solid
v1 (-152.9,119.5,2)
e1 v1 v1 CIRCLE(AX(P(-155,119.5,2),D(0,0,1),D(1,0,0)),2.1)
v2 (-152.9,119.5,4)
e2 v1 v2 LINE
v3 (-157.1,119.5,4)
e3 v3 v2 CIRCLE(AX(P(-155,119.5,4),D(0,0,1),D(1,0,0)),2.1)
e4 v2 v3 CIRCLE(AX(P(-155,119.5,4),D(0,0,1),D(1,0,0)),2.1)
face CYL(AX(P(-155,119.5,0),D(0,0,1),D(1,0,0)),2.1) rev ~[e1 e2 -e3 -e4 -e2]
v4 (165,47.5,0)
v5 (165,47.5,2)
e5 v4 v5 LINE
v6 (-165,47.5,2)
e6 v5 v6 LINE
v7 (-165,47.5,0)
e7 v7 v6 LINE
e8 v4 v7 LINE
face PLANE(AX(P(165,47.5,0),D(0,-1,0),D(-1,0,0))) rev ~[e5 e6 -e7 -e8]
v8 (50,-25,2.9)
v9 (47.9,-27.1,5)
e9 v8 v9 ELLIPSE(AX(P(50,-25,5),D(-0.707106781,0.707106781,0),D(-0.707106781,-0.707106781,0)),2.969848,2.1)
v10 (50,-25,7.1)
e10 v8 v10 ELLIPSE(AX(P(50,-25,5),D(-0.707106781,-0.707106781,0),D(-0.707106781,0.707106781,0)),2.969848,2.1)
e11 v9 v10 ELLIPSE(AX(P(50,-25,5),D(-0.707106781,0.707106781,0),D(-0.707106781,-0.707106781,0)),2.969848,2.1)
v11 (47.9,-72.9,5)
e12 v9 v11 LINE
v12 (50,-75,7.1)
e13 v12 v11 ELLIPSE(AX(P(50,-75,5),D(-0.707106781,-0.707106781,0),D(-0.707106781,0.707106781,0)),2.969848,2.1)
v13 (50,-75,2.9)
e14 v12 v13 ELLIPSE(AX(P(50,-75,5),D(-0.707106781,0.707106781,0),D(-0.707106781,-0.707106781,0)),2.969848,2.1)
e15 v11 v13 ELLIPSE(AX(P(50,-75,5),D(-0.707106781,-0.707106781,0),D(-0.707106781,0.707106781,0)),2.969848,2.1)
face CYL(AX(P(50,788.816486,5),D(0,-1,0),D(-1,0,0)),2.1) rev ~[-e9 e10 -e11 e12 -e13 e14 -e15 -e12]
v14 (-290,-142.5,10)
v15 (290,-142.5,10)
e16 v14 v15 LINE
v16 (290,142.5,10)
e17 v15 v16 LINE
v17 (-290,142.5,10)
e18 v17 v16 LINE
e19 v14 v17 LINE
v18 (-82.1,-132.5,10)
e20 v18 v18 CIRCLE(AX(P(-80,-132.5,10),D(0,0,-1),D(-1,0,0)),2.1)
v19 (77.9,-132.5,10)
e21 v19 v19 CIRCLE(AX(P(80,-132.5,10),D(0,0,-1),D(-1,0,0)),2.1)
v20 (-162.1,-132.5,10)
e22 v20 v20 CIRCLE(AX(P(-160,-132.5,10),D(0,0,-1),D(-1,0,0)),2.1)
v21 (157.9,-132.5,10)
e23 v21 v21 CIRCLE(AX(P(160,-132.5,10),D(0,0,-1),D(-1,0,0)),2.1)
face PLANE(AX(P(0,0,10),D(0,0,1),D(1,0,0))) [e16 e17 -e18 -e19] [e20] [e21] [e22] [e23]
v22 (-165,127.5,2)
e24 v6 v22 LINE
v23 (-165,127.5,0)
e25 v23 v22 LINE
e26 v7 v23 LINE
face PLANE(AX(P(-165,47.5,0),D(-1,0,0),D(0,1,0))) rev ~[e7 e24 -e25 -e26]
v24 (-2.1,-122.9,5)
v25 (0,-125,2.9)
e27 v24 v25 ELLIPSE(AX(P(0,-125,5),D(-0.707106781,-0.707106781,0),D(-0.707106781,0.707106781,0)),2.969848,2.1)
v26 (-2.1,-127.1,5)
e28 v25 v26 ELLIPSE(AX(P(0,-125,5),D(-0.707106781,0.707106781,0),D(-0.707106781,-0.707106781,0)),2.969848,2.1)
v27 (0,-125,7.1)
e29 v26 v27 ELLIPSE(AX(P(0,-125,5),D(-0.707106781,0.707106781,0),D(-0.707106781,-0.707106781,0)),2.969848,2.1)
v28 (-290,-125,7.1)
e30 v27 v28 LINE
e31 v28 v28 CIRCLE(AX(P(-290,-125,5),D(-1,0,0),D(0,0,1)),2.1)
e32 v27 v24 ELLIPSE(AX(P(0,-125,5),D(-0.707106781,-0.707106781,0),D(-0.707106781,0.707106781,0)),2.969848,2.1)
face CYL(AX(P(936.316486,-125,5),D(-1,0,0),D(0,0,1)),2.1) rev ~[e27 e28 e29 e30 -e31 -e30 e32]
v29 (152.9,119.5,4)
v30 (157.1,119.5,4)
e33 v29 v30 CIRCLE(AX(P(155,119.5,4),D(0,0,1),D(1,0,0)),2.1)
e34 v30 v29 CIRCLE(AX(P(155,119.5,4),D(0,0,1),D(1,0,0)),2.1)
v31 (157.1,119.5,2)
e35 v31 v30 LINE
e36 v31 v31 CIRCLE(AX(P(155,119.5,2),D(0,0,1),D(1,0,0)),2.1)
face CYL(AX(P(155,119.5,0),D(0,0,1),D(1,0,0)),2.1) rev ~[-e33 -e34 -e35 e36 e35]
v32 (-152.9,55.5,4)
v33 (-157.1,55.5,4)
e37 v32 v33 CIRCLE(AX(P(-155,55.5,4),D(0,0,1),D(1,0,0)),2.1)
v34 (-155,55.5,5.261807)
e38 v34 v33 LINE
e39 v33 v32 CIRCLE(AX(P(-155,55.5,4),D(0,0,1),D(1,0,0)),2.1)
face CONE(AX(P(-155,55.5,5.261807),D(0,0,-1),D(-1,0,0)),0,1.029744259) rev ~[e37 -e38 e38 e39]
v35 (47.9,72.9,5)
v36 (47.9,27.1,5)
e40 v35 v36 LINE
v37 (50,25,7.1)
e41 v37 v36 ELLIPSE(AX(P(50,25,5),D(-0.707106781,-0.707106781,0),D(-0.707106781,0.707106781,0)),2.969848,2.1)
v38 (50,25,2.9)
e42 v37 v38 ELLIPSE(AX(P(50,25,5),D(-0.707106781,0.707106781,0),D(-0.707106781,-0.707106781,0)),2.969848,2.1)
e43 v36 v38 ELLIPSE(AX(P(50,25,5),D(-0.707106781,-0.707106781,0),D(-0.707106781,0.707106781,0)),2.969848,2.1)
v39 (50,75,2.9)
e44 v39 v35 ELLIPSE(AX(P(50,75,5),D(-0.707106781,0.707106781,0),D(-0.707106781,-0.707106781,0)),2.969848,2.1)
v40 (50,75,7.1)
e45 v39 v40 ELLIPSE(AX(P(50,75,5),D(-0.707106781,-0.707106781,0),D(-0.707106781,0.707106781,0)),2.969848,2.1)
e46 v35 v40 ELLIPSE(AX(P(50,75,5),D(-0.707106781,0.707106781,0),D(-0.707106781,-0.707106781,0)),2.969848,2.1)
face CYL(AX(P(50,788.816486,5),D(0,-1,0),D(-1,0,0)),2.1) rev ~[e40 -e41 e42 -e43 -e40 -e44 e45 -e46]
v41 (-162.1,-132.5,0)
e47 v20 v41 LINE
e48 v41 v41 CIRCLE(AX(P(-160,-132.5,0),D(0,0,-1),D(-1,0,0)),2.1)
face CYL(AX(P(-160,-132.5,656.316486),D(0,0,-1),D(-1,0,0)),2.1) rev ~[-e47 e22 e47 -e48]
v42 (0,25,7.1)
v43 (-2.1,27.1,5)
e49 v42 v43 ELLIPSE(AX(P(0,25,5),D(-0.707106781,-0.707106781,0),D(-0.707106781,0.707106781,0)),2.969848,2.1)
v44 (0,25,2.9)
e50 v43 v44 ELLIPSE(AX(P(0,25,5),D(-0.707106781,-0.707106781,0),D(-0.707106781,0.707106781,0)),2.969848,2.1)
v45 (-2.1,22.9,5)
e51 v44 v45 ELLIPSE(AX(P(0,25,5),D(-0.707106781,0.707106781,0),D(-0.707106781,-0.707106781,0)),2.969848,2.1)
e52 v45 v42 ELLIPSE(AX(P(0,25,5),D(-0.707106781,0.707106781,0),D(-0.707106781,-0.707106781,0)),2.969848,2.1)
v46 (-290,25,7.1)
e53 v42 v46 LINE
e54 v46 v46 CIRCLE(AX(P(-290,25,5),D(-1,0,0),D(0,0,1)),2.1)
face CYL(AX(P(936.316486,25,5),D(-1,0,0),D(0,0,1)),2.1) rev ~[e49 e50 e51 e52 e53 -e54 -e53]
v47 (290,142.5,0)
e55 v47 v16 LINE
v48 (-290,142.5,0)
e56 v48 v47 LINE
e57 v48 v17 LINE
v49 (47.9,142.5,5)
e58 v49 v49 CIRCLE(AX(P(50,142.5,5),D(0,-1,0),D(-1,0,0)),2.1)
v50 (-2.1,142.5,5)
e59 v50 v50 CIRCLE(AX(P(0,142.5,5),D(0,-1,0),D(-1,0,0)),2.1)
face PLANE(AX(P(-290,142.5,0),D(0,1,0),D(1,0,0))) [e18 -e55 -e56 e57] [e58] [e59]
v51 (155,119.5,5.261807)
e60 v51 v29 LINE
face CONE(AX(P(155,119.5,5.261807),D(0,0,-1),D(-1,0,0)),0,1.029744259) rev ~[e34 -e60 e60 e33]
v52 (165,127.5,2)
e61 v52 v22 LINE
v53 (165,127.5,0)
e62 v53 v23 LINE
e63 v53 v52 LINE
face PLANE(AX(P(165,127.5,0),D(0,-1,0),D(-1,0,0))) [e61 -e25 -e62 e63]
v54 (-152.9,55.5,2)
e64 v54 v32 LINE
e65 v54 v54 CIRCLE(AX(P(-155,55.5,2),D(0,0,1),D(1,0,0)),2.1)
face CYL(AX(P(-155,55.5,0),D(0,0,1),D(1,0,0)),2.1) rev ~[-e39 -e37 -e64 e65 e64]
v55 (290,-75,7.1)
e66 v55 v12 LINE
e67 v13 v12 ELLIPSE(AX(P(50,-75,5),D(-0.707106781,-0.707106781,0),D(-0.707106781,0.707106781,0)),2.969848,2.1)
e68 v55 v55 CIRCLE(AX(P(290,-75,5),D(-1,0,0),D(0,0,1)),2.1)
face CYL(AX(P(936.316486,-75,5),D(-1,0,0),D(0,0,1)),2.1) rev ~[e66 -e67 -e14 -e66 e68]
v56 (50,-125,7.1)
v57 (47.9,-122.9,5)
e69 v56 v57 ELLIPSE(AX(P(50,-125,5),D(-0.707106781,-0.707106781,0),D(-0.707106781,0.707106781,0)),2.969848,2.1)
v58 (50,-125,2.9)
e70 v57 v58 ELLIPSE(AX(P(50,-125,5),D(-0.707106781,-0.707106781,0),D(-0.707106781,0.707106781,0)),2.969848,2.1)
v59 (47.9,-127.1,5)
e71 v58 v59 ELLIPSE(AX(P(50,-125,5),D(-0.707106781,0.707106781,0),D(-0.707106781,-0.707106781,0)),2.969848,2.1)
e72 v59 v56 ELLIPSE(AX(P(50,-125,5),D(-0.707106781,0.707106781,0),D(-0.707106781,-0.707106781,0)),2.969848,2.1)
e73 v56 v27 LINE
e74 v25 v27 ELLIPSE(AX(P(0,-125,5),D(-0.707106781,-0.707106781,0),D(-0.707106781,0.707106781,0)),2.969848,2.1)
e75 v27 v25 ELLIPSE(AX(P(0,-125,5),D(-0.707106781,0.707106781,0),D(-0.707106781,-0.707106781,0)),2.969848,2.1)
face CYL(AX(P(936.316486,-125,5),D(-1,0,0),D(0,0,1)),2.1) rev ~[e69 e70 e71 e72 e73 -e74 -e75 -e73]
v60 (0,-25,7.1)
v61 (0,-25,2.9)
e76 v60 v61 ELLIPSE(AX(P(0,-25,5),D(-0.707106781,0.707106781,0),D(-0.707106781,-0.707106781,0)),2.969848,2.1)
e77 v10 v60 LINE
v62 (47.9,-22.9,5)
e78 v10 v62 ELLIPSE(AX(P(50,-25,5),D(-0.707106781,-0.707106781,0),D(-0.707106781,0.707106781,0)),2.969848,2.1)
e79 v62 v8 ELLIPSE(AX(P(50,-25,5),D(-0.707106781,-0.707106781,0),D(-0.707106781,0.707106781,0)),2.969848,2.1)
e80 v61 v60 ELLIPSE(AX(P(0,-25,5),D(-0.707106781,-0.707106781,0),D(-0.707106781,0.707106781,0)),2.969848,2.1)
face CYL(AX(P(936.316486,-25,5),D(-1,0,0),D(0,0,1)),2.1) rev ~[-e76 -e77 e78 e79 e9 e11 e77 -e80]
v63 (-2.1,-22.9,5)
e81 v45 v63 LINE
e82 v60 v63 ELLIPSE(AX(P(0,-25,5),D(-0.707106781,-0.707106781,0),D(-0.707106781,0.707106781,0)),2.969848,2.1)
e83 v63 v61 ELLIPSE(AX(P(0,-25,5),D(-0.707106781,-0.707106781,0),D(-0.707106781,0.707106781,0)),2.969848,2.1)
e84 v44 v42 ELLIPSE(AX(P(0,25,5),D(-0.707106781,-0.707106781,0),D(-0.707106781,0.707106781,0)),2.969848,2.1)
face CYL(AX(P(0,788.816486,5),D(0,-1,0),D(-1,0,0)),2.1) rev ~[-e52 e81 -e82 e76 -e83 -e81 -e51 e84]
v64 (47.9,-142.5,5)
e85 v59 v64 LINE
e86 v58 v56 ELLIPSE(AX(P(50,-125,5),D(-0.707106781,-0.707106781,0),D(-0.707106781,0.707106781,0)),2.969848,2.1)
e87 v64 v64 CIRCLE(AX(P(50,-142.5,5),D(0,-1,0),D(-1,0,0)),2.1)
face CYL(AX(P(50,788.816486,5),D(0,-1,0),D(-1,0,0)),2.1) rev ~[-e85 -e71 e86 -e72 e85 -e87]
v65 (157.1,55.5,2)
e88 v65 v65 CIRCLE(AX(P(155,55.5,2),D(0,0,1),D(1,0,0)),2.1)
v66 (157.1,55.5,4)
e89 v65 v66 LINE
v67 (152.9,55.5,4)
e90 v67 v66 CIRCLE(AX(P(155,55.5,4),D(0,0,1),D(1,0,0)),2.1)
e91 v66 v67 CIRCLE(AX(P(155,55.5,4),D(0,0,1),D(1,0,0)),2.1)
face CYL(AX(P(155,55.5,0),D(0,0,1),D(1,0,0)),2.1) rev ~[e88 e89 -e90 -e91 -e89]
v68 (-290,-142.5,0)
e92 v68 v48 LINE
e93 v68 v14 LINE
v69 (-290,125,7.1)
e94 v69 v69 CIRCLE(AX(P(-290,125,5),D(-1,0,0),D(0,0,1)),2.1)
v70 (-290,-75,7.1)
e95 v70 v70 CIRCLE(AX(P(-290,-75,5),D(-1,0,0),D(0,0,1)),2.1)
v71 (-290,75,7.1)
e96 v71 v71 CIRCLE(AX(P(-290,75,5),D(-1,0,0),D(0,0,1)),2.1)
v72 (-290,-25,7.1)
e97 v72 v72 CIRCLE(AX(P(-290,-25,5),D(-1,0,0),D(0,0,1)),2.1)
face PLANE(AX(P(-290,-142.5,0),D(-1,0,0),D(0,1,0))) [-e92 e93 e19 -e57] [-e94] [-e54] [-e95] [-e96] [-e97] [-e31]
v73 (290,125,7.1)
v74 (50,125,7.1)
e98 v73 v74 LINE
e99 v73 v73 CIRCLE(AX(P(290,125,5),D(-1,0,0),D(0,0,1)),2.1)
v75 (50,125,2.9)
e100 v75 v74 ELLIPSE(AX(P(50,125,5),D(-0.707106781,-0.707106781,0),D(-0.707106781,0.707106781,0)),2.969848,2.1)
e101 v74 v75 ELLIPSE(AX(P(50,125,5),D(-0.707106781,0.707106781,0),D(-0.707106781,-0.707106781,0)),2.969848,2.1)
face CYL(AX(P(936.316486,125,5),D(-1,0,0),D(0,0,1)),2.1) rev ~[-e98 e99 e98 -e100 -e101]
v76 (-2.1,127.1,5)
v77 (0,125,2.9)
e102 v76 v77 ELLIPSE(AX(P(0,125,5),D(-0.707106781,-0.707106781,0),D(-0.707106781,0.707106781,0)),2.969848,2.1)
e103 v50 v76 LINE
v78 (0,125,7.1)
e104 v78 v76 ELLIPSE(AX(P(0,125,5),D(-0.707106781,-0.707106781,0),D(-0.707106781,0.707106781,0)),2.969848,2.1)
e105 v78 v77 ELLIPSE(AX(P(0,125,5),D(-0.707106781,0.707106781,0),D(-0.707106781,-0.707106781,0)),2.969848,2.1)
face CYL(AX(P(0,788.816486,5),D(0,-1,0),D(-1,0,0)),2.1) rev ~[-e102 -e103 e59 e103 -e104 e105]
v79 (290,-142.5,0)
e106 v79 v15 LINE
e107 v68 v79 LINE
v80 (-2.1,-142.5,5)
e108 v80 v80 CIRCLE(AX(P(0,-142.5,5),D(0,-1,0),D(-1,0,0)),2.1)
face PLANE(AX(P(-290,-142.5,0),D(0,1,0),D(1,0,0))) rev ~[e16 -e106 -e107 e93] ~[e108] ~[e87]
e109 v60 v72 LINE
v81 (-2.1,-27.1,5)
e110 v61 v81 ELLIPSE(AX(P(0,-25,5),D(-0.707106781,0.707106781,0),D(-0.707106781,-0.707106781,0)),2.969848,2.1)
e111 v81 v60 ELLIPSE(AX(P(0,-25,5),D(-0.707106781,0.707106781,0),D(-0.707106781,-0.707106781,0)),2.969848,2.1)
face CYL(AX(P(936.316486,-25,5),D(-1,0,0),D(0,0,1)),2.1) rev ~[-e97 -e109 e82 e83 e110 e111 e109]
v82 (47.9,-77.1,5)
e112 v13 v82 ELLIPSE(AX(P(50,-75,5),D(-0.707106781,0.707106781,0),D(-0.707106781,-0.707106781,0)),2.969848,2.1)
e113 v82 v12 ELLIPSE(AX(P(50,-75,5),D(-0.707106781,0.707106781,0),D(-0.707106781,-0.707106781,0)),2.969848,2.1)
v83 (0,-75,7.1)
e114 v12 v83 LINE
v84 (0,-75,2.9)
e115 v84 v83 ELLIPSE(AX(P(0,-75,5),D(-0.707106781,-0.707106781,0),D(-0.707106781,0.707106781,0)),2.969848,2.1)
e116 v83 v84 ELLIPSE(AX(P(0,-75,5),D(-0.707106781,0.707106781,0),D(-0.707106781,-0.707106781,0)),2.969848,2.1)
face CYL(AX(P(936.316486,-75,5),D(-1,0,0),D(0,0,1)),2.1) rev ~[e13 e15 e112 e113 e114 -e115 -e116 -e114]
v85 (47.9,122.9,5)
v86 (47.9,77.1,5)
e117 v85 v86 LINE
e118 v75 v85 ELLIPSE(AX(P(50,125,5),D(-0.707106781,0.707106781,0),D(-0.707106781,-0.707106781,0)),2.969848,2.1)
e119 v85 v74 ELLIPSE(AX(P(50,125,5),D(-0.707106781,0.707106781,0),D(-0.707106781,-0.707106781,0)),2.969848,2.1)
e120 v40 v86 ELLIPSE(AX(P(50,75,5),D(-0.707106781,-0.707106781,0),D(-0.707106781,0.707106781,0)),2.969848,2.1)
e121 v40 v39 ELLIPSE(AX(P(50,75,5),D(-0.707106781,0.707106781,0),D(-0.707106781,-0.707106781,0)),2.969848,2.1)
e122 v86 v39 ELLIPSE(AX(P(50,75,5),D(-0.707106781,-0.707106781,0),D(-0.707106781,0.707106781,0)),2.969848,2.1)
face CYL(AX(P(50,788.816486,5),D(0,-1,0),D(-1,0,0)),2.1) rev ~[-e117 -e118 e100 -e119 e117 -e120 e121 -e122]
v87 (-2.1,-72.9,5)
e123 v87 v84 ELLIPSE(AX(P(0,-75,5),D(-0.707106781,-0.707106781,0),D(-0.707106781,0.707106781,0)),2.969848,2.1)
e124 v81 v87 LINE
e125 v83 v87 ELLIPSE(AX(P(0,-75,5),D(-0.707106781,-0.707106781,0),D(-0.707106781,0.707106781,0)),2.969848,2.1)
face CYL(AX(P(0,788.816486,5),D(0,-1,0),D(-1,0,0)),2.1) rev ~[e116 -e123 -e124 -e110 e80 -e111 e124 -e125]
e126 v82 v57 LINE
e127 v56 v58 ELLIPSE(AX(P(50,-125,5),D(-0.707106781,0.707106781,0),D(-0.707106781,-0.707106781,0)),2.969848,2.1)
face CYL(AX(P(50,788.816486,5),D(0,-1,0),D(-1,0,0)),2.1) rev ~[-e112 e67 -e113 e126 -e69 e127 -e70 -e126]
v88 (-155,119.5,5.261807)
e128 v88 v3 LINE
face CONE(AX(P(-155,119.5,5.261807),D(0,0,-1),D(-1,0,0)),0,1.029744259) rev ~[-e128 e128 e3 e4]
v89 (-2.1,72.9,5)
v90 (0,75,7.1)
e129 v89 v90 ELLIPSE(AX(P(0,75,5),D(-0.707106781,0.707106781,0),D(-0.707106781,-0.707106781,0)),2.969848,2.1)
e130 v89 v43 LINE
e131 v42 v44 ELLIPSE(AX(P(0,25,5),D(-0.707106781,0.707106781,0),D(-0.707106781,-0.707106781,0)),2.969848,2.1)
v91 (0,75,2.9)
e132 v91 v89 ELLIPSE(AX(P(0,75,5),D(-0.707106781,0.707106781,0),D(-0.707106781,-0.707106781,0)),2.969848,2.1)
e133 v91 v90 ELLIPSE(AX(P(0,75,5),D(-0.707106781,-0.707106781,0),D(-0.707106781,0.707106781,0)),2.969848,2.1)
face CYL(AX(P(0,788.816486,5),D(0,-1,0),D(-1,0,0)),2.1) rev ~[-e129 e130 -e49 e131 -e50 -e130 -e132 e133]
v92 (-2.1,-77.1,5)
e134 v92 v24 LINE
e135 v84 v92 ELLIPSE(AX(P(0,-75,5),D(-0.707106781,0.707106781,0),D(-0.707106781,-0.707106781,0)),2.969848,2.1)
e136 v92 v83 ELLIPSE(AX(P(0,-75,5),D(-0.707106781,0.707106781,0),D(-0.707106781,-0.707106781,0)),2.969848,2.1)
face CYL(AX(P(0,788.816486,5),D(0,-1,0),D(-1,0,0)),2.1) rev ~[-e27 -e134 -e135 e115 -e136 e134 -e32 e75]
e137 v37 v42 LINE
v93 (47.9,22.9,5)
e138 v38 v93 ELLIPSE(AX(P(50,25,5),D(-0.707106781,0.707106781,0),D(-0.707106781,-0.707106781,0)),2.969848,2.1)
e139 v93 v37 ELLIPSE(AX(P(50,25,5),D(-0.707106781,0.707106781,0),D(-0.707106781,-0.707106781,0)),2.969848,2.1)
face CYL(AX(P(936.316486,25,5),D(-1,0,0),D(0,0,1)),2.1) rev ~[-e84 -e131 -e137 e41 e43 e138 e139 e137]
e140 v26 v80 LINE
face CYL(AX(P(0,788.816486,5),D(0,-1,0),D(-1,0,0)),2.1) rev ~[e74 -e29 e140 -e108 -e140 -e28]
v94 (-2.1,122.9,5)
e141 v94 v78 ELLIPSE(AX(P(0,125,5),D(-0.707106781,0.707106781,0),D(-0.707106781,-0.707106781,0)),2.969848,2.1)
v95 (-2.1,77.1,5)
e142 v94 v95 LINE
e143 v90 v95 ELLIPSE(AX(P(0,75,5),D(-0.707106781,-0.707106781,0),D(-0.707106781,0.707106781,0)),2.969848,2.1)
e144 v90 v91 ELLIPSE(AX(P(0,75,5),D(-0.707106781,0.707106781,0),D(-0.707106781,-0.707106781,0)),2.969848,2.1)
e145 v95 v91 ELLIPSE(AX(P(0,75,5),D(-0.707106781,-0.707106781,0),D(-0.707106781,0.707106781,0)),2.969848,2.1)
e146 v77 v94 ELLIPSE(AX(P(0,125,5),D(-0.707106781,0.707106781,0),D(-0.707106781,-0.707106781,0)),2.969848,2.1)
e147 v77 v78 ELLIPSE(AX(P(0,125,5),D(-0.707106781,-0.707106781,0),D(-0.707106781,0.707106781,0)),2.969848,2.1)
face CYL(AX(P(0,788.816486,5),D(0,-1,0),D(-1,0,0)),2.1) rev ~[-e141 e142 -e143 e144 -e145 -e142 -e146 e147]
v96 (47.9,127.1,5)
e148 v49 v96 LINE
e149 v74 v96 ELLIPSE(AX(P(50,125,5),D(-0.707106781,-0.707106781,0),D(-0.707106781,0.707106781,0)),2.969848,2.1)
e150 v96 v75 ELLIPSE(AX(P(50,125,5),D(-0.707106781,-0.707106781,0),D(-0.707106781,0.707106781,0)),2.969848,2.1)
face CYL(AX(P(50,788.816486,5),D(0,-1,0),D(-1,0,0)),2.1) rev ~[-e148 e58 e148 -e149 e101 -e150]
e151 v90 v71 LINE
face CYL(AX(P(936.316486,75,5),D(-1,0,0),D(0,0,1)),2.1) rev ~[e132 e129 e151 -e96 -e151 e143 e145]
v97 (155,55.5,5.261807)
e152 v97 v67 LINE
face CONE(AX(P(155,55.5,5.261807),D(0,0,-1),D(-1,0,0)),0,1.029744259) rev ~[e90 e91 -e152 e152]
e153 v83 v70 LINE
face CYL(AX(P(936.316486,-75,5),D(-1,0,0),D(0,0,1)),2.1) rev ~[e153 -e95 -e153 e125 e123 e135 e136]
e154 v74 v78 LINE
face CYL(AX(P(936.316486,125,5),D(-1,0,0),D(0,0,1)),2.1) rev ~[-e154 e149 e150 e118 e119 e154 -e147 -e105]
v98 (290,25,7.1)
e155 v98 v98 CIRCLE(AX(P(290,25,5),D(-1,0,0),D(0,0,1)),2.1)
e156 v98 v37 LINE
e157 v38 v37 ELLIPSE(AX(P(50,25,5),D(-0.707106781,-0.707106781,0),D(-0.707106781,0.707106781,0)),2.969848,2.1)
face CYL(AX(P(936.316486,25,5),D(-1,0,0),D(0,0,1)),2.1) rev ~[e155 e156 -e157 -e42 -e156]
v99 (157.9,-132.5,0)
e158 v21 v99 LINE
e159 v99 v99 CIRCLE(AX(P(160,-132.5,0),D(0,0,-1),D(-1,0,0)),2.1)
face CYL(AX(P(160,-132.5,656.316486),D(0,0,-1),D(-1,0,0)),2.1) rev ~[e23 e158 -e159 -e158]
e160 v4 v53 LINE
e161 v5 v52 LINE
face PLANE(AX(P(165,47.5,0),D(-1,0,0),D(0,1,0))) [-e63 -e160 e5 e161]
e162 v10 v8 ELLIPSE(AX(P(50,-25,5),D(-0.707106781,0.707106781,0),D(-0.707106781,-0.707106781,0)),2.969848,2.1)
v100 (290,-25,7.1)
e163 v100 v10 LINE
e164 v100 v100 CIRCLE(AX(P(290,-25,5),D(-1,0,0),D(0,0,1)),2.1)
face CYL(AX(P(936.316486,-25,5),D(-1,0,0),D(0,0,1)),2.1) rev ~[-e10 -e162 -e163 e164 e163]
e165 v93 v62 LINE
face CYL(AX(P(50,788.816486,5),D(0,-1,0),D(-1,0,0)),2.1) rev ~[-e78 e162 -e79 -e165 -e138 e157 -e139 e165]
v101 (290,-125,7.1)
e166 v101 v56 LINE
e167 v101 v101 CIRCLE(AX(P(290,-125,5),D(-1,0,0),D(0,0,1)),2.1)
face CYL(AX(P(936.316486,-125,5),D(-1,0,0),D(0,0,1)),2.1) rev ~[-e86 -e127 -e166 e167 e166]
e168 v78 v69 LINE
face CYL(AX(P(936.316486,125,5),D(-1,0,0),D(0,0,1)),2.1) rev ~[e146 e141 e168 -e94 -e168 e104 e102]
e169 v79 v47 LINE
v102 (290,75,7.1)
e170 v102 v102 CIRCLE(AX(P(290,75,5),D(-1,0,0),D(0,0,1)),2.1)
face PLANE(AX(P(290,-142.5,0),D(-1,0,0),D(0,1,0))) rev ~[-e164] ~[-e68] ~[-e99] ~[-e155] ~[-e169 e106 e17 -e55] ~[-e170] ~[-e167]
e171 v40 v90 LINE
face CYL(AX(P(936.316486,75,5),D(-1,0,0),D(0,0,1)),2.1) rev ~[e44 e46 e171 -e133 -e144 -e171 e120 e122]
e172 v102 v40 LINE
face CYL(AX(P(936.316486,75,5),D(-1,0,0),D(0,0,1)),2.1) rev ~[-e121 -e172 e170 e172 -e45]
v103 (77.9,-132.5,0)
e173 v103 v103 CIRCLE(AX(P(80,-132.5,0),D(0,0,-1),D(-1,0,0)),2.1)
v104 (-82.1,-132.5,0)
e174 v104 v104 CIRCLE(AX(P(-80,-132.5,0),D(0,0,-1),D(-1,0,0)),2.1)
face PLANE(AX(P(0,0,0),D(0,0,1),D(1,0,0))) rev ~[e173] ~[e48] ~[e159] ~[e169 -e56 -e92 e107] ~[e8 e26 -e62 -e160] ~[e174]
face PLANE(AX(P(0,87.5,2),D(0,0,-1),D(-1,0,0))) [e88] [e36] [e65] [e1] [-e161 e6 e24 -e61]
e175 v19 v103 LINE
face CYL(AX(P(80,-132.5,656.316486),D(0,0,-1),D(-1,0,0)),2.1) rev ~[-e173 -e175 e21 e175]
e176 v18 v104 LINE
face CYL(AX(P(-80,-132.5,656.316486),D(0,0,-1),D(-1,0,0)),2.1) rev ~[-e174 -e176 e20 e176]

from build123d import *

# Parameters (mm, degrees)
SKETCH_1_W             = 580
SKETCH_1_H             = 285
EXTRUDE_1_DEPTH        = 10
HOLE_WIZARD_M5_1_D     = 4.2
HOLE_WIZARD_M5_2_D     = 4.2
HOLE_WIZARD_M5_3_D     = 4.2
SKETCH_11_W            = 330
SKETCH_11_H            = 80
CUT_EXTRUDE_1_DEPTH    = 2
HOLE_WIZARD_M5_4_D     = 4.2
HOLE_WIZARD_M5_4_DEPTH = 2
HOLE_WIZARD_M5_4_TIP   = 1.2618073


with BuildPart() as part:
    # 草图1 → 凸台-拉伸1 (new body)
    with BuildSketch(Plane.XY):
        Rectangle(SKETCH_1_W, SKETCH_1_H)
    extrude(amount=EXTRUDE_1_DEPTH)

    # M5 螺纹孔1 (through all)
    with Locations(Plane(origin=(290, 0, 0), x_dir=(0, 0, -1), z_dir=(1, 0, 0))):
        with Locations((-5, 125), (-5, 75), (-5, 25), (-5, -25), (-5, -75), (-5, -125)):
            Hole(HOLE_WIZARD_M5_1_D / 2)

    # M5 螺纹孔2 (through all)
    with Locations(Plane(origin=(0, 142.5, 0), x_dir=(1, 0, 0), z_dir=(0, 1, 0))):
        with Locations((0, -5), (50, -5)):
            Hole(HOLE_WIZARD_M5_2_D / 2)

    # M5 螺纹孔3 (through all)
    with Locations(Plane.XY.offset(10)):
        with Locations((-160, -132.5), (-80, -132.5), (80, -132.5), (160, -132.5)):
            Hole(HOLE_WIZARD_M5_3_D / 2)

    # 草图11 → 切除-拉伸1 (cut)
    with BuildSketch(Plane(origin=(0, 0, 0), x_dir=(-1, 0, 0), z_dir=(0, 0, -1))):
        with Locations((0, 87.5)):
            Rectangle(SKETCH_11_W, SKETCH_11_H)
    extrude(amount=-CUT_EXTRUDE_1_DEPTH, mode=Mode.SUBTRACT)

    # M5 螺纹孔4
    with Locations(Plane(origin=(0, 0, 2), x_dir=(-1, 0, 0), z_dir=(0, 0, -1))):
        with Locations((-155, 119.5), (-155, 55.5), (155, 55.5), (155, 119.5)):
            Hole(HOLE_WIZARD_M5_4_D / 2, depth=HOLE_WIZARD_M5_4_DEPTH)
            with Locations((0, 0, -(HOLE_WIZARD_M5_4_DEPTH + HOLE_WIZARD_M5_4_TIP / 2))):  # 118° drill point
                Cone(0, HOLE_WIZARD_M5_4_D / 2, HOLE_WIZARD_M5_4_TIP, mode=Mode.SUBTRACT)


solid = part.part
